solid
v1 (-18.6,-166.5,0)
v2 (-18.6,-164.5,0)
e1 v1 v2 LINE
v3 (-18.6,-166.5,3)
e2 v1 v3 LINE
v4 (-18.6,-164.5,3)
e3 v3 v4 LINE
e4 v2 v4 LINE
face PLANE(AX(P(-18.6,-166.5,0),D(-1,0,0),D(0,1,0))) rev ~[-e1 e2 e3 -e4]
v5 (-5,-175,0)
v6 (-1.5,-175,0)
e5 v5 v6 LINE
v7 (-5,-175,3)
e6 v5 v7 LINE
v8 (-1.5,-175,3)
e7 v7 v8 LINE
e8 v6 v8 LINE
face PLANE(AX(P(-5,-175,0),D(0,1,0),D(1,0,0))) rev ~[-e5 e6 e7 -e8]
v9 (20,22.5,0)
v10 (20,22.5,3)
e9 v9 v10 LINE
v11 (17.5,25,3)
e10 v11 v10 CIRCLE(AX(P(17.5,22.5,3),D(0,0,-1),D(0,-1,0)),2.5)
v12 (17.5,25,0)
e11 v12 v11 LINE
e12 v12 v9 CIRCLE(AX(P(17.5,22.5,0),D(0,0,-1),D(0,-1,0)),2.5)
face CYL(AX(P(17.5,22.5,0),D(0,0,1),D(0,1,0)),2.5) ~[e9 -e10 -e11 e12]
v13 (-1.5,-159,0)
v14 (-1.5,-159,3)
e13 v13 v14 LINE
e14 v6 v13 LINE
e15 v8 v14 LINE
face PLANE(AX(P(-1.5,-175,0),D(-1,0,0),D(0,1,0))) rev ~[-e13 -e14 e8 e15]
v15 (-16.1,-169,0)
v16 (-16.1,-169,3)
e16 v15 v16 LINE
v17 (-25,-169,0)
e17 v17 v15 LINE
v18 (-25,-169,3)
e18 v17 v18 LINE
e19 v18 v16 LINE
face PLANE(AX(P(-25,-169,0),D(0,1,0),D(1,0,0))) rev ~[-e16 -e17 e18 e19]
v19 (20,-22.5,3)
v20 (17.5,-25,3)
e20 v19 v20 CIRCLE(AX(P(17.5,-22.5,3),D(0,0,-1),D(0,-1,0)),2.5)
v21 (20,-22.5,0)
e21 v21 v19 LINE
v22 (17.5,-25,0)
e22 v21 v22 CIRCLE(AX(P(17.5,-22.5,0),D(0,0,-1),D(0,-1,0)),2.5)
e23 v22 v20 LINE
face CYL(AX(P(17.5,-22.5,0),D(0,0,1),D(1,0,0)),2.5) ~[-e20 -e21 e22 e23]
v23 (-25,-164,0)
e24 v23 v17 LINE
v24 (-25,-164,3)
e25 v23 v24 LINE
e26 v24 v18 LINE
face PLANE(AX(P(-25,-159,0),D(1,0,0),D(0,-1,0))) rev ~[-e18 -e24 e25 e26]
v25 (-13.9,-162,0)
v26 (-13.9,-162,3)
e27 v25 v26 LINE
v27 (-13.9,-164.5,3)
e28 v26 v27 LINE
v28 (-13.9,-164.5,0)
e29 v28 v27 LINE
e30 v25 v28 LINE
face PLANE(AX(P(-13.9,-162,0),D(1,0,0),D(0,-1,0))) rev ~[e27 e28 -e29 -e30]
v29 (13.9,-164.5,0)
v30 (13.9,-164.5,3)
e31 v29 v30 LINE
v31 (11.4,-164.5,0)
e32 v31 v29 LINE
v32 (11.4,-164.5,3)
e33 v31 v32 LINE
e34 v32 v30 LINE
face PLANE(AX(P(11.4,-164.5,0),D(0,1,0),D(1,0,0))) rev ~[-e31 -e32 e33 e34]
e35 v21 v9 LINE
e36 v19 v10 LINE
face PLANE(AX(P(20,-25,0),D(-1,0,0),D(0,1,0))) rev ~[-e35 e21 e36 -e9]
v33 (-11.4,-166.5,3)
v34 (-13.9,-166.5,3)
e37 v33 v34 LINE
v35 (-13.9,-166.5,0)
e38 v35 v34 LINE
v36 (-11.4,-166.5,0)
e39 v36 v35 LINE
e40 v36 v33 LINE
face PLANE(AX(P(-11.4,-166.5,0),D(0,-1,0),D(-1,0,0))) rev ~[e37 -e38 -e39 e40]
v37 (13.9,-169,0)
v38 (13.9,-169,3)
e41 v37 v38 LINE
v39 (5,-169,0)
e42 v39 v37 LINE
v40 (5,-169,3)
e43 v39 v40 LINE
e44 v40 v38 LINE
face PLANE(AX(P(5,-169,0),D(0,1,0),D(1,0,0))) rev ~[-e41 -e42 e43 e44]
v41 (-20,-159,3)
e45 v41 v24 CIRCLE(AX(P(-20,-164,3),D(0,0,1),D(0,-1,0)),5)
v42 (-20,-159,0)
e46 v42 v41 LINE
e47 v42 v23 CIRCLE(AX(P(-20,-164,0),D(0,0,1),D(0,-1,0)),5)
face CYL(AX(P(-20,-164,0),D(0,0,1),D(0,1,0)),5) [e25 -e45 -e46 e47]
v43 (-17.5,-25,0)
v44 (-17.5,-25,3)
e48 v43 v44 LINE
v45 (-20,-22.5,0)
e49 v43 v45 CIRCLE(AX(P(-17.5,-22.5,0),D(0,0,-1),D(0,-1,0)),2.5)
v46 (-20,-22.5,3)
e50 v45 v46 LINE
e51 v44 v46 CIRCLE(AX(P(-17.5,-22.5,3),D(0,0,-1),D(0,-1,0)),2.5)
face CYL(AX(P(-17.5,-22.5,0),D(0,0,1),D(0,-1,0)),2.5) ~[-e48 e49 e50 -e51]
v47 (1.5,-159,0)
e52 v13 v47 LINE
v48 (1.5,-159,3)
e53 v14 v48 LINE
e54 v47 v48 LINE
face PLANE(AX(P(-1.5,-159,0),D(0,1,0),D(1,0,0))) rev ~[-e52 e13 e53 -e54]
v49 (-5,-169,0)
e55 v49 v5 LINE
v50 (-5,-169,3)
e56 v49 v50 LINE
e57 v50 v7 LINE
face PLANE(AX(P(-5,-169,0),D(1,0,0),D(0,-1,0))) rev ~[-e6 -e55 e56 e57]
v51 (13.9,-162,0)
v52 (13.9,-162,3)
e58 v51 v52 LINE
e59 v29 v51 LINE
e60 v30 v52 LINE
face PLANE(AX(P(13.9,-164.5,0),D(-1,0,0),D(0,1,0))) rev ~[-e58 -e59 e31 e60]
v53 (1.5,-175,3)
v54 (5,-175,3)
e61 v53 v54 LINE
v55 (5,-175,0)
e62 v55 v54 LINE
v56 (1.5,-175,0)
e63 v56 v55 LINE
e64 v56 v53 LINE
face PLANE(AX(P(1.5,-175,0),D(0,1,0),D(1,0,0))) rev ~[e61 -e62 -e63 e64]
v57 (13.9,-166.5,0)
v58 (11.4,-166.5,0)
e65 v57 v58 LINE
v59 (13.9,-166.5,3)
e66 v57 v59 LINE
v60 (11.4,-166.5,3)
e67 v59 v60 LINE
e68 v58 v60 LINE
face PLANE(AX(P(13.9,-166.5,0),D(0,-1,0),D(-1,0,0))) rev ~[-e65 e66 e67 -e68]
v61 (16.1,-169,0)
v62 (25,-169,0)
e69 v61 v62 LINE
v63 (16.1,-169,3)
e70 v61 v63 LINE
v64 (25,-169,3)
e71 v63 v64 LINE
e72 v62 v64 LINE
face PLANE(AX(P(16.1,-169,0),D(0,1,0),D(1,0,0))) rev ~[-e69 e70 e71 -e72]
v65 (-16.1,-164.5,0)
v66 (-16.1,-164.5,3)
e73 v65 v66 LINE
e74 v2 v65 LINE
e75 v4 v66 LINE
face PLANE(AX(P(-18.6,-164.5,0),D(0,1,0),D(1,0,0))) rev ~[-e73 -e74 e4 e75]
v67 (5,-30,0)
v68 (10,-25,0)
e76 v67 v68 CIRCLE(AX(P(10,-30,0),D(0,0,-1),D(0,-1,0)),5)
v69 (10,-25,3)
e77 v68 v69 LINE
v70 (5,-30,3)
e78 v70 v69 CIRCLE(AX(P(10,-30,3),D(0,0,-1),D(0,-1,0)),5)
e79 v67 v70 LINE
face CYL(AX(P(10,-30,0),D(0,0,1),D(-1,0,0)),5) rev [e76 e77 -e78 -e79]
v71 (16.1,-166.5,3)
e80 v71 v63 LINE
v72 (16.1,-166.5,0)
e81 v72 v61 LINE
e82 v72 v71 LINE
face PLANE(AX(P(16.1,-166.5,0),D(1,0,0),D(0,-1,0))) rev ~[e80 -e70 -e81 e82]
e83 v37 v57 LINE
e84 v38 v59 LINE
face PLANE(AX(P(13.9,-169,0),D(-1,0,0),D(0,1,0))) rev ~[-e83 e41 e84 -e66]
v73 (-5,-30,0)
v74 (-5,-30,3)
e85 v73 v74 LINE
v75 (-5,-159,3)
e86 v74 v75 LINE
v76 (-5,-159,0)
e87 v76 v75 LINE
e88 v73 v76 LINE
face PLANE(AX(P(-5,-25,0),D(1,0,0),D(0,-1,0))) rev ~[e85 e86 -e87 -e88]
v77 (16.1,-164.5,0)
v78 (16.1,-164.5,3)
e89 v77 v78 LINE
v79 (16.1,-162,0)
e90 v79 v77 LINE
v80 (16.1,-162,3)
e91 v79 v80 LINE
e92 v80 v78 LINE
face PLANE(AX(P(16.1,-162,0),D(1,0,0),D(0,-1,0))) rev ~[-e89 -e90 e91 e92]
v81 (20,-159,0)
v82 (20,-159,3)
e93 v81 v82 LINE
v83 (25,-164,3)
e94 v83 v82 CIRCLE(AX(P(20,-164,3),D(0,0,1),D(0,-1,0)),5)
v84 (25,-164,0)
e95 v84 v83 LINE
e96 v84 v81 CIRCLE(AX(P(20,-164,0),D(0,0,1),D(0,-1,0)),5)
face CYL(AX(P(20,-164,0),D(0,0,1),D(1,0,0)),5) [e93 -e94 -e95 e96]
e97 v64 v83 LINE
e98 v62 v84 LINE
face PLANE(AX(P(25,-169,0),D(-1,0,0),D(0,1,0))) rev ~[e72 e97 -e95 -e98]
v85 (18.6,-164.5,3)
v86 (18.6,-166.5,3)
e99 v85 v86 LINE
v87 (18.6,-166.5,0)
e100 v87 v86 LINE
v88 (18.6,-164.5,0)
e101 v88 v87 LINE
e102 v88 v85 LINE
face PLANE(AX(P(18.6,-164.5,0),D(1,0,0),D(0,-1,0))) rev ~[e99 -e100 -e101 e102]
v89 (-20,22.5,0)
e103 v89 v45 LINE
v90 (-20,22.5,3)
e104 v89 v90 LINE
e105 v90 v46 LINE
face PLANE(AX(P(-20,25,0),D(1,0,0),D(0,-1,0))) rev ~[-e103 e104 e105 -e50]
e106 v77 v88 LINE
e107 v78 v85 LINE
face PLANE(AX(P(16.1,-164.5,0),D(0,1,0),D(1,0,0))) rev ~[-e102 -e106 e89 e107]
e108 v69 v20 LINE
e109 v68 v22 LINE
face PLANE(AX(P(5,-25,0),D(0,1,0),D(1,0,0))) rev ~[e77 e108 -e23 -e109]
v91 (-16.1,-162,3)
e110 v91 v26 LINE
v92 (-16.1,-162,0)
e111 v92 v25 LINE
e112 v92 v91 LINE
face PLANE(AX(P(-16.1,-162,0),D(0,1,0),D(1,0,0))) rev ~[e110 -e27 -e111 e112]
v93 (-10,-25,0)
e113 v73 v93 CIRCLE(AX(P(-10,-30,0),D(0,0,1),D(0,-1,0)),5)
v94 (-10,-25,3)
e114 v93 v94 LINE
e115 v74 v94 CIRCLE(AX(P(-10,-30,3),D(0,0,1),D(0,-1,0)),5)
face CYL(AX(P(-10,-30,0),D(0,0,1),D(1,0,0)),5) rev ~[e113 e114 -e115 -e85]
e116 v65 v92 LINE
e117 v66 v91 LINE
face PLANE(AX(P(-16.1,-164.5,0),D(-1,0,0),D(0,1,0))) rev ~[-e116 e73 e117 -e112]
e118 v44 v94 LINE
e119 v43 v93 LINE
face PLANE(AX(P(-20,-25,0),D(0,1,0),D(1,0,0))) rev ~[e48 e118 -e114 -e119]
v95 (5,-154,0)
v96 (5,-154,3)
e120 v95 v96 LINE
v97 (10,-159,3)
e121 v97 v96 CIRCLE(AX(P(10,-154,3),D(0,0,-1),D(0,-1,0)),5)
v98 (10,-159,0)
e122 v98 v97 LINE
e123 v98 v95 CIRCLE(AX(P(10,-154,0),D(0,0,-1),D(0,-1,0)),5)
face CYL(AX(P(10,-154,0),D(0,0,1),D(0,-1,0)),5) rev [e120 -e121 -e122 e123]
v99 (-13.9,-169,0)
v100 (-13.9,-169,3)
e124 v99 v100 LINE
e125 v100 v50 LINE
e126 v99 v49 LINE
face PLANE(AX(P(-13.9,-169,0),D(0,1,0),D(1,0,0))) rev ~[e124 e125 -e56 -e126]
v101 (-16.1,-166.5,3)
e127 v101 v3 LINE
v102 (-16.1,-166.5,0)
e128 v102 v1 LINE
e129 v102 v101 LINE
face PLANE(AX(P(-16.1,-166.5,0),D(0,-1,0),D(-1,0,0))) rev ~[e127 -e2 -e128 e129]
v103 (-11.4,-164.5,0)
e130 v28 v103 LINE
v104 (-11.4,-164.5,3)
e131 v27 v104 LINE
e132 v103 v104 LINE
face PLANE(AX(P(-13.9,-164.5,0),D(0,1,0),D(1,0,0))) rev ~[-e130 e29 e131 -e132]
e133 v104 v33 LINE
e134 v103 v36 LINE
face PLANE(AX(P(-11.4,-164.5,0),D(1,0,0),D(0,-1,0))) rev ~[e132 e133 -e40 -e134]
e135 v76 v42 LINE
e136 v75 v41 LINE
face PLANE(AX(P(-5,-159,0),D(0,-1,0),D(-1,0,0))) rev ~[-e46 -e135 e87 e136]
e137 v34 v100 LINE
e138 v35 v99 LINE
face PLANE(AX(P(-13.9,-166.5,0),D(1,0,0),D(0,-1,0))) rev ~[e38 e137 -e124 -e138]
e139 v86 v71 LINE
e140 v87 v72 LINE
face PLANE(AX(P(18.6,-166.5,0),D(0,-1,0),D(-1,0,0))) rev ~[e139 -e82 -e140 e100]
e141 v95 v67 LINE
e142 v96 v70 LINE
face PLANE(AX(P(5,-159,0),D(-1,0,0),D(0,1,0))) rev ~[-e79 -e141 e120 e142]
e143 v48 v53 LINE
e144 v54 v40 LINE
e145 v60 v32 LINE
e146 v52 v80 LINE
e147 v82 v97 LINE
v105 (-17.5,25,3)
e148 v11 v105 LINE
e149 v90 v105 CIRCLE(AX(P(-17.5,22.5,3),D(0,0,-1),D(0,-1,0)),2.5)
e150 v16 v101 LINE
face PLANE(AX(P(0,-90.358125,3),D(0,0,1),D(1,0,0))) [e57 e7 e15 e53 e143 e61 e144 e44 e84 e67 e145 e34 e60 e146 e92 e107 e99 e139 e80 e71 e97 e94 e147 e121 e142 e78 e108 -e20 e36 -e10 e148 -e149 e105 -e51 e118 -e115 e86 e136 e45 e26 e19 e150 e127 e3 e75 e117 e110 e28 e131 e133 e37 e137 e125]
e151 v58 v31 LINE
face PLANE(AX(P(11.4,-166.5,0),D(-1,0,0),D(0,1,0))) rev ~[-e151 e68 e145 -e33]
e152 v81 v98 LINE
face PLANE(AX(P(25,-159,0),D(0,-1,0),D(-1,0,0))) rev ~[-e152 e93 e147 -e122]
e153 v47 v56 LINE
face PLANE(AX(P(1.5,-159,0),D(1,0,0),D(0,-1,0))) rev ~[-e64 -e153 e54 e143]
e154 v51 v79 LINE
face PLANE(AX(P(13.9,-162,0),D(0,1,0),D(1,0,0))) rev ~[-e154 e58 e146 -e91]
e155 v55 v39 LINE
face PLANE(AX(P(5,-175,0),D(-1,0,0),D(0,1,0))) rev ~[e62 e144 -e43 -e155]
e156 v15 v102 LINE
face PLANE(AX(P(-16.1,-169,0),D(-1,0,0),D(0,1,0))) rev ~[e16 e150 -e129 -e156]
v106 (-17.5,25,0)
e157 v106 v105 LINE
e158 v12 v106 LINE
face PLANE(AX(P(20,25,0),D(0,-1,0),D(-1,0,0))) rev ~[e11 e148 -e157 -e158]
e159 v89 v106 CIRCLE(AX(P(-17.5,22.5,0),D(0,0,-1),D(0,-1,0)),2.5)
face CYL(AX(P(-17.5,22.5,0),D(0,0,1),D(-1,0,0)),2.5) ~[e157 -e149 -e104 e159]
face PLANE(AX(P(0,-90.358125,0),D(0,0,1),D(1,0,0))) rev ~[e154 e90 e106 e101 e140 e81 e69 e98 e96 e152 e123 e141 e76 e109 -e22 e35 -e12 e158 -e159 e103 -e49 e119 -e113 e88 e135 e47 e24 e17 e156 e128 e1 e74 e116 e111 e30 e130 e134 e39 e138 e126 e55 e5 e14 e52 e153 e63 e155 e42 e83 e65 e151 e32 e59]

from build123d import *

# Parameters (mm, degrees)
BOSS_EXTRUDE1_DEPTH = 3
FILLET1_R           = 5
FILLET2_R           = 2.5


with BuildPart() as part:
    # Sketch1 → Boss-Extrude1 (new body)
    with BuildSketch(Plane.XY):
        Polygon((-5, -25), (-5, -159), (-25, -159), (-25, -169), (-16.1, -169), (-16.1, -166.5), (-18.6, -166.5), (-18.6, -164.5), (-16.1, -164.5), (-16.1, -162), (-13.9, -162), (-13.9, -164.5), (-11.4, -164.5), (-11.4, -166.5), (-13.9, -166.5), (-13.9, -169), (-5, -169), (-5, -175), (-1.5, -175), (-1.5, -159), (1.5, -159), (1.5, -175), (5, -175), (5, -169), (13.9, -169), (13.9, -166.5), (11.4, -166.5), (11.4, -164.5), (13.9, -164.5), (13.9, -162), (16.1, -162), (16.1, -164.5), (18.6, -164.5), (18.6, -166.5), (16.1, -166.5), (16.1, -169), (25, -169), (25, -159), (5, -159), (5, -25), (20, -25), (20, 25), (0, 25), (-20, 25), (-20, -25), align=None)
    extrude(amount=BOSS_EXTRUDE1_DEPTH)

    # Fillet1
    fillet1_edges = [part.edges().sort_by_distance(p)[0] for p in [
        (5, -25, 1.5),
        (5, -159, 1.5),
        (25, -159, 1.5),
        (-25, -159, 1.5),
        (-5, -25, 1.5),
    ]]
    fillet(fillet1_edges, radius=FILLET1_R)

    # Fillet2
    fillet2_edges = [part.edges().sort_by_distance(p)[0] for p in [
        (-20, -25, 1.5),
        (-20, 25, 1.5),
        (20, 25, 1.5),
        (20, -25, 1.5),
    ]]
    fillet(fillet2_edges, radius=FILLET2_R)


solid = part.part
